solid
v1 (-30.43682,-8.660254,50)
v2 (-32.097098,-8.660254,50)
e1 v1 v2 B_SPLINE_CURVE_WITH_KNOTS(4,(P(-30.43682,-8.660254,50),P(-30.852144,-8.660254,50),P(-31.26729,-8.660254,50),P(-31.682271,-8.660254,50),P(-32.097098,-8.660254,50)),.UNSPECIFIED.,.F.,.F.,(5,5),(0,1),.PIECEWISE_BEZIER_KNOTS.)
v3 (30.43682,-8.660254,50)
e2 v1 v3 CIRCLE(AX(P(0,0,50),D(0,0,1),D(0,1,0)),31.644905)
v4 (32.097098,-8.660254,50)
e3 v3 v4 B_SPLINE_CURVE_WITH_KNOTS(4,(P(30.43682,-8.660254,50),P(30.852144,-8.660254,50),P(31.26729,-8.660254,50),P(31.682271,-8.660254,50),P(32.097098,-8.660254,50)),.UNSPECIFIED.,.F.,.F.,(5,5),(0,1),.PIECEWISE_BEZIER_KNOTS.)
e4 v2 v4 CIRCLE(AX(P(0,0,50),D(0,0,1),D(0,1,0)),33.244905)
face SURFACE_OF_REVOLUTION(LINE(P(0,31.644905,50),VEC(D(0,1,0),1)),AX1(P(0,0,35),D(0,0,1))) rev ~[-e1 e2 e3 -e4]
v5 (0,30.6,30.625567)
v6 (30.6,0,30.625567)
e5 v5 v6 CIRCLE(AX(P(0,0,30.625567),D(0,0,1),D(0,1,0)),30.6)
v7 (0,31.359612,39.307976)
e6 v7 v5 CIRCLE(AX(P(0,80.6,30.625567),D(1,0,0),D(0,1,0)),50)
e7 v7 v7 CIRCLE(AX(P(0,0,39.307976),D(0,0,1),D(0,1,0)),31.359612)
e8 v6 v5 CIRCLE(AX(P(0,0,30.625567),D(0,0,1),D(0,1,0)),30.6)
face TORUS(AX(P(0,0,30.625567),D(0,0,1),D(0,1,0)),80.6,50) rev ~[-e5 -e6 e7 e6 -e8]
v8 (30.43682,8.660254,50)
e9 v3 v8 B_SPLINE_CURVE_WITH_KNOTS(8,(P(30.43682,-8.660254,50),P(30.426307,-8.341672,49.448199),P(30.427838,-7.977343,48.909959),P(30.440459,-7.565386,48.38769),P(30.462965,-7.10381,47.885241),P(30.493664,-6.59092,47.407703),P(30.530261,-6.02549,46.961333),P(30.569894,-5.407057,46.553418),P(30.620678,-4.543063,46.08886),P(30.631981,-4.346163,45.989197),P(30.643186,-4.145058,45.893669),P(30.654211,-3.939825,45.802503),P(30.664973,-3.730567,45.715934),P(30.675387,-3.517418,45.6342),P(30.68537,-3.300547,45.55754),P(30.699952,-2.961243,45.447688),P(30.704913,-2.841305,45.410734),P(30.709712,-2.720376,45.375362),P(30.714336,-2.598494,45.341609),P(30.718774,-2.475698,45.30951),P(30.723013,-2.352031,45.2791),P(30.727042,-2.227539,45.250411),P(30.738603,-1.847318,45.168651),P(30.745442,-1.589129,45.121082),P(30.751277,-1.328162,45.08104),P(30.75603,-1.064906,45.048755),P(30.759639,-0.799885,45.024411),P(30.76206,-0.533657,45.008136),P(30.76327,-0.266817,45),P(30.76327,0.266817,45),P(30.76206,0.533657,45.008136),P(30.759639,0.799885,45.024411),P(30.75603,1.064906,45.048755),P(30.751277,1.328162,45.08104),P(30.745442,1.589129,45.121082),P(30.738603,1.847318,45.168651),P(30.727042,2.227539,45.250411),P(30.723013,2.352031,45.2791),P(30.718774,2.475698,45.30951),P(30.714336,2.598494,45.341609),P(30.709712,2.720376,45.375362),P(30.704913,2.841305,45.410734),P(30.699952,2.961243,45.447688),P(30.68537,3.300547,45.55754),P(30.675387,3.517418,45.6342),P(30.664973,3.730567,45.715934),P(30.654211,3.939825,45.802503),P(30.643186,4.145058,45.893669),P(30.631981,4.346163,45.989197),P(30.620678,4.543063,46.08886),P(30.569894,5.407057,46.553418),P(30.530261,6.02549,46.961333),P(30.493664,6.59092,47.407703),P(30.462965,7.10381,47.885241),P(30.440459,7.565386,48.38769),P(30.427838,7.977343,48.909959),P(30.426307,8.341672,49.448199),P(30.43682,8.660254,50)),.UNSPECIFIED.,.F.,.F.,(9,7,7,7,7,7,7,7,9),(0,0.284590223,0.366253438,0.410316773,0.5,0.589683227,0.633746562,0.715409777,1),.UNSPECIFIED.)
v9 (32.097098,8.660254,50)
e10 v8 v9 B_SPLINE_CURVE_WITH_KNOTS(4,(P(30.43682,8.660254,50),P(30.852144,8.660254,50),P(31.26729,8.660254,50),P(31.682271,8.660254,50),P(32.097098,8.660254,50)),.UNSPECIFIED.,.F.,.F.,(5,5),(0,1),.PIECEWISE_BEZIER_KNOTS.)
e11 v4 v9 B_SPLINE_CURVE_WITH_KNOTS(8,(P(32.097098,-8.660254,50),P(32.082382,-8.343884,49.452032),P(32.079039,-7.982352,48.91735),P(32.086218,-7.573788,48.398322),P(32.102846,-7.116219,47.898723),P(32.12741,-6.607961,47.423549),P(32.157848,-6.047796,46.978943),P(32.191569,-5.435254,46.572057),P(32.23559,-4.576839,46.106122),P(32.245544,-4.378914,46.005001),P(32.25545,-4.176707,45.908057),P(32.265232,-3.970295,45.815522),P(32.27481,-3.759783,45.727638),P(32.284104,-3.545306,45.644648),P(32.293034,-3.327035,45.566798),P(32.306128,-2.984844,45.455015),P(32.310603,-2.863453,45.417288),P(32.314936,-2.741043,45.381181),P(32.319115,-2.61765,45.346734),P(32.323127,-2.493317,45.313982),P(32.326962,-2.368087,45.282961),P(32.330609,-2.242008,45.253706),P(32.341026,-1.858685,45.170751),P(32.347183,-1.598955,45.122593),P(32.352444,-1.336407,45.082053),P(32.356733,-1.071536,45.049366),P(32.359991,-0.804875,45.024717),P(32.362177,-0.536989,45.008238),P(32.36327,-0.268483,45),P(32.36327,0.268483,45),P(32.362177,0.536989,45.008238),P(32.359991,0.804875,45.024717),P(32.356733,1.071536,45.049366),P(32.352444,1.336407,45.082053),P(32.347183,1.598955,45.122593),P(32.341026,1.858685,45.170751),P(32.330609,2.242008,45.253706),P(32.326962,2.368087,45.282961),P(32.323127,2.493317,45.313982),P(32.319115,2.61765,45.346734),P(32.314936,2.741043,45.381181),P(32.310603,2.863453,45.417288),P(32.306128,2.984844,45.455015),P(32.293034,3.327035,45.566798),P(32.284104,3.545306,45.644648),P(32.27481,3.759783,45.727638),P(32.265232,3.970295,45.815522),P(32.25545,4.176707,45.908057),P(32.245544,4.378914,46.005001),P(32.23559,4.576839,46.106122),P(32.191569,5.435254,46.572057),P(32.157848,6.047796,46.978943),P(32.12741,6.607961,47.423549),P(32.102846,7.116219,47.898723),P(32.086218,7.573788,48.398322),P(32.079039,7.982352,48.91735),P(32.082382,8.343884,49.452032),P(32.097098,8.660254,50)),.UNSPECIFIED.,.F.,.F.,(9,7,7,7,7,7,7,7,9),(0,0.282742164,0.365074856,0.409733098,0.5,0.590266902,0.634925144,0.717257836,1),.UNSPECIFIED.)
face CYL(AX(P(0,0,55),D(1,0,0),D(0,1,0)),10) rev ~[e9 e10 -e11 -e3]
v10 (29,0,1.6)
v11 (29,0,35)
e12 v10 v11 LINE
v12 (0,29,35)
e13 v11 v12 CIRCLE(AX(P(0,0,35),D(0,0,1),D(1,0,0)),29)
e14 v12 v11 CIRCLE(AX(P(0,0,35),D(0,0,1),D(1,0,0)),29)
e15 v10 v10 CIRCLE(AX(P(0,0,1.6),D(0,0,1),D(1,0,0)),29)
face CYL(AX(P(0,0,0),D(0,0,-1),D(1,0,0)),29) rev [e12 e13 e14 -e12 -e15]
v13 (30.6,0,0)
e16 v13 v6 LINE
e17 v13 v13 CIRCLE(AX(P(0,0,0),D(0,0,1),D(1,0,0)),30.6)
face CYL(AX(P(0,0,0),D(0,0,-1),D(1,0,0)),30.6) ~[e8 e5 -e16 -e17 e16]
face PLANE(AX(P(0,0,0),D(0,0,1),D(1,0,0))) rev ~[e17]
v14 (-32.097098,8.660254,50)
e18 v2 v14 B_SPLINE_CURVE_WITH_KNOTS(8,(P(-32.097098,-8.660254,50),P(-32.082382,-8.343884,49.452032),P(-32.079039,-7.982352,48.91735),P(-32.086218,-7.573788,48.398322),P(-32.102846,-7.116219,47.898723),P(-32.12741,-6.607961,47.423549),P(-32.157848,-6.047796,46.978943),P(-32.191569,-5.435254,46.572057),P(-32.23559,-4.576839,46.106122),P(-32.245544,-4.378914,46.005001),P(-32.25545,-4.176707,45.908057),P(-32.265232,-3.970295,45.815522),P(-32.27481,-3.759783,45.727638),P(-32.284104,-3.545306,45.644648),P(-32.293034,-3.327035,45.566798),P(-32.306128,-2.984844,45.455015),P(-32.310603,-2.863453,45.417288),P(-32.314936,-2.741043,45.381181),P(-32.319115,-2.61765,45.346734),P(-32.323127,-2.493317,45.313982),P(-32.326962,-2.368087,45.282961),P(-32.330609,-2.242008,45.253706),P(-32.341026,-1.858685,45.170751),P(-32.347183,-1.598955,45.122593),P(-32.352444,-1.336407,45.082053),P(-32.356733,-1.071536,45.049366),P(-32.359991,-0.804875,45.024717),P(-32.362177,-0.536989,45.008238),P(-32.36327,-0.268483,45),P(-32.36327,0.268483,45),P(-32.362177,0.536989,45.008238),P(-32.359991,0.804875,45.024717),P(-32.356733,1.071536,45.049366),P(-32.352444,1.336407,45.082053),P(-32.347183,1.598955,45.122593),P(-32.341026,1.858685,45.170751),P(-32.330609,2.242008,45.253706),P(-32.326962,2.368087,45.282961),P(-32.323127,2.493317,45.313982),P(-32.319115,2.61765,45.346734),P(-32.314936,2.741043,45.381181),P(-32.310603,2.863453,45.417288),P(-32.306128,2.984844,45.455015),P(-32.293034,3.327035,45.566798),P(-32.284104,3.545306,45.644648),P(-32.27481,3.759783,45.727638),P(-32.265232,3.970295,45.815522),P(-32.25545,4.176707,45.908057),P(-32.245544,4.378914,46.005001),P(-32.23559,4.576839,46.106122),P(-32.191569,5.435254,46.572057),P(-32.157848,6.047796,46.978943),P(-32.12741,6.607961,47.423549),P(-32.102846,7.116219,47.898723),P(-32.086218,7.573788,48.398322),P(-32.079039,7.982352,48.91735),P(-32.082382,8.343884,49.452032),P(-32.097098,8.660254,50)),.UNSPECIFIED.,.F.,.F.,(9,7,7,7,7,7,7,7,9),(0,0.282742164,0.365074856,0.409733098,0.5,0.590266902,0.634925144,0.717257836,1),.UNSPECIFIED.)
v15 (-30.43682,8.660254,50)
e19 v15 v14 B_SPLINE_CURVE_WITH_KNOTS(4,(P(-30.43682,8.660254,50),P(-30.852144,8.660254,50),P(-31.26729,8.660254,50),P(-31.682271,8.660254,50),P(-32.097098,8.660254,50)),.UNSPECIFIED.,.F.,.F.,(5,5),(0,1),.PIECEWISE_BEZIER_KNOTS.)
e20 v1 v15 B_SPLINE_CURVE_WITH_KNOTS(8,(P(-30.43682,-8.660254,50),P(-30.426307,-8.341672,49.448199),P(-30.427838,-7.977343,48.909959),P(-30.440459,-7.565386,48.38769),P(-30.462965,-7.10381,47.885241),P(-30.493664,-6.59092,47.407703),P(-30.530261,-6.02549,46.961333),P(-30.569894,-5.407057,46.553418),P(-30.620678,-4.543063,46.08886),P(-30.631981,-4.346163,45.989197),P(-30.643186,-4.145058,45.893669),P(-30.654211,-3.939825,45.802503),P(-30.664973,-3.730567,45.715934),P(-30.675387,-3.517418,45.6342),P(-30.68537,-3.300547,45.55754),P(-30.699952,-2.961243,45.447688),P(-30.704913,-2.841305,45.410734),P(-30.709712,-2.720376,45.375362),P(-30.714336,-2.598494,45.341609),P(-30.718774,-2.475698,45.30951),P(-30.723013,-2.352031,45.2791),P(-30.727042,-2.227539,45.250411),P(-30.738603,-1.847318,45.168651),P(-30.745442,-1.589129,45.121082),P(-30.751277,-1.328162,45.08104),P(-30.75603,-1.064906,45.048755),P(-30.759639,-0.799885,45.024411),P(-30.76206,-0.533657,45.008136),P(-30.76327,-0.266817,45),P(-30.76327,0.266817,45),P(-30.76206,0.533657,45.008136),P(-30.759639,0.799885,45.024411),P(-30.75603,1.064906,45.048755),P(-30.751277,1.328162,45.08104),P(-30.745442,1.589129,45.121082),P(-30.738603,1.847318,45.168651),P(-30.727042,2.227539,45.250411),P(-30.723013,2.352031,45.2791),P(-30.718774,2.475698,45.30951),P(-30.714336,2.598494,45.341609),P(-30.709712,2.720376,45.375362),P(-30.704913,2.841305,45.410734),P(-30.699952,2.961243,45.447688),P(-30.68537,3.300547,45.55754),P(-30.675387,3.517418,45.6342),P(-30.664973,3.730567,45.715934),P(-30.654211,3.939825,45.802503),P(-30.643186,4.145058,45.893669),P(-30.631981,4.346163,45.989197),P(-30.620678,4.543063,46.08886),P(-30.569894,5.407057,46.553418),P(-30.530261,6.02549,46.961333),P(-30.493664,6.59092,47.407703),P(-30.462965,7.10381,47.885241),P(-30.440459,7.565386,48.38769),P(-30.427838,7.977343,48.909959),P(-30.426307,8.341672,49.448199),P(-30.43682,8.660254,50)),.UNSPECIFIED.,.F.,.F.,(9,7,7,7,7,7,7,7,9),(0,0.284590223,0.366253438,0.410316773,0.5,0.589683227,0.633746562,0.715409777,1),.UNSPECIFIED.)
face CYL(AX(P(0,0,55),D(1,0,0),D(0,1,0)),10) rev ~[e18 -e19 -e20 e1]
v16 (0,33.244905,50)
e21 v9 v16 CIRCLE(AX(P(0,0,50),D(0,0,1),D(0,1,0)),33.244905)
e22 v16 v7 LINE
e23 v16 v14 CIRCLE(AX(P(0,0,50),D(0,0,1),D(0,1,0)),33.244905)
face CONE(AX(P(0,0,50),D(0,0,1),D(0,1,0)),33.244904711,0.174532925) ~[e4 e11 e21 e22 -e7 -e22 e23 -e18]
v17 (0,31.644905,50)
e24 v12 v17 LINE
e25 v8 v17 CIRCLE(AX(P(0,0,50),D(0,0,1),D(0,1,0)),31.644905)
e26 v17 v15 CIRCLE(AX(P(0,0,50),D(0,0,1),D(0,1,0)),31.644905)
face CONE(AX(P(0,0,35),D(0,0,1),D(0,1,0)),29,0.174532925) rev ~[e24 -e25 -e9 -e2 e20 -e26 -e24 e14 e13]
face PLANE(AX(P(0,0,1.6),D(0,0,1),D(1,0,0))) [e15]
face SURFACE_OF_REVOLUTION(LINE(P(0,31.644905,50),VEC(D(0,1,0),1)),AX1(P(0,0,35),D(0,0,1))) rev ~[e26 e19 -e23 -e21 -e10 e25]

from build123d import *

# Parameters (mm, degrees)
F0_R     = 29
F1_DEPTH = 1.6
F0_R_2   = 30.6
F2_DEPTH = 35
F5_R     = 10
F6_DEPTH = 40


with BuildPart() as f1:
    # F0 (on Top) → F1 (new body)
    with BuildSketch(Plane.XY):
        Circle(F0_R)
    extrude(amount=F1_DEPTH)

    # F0 (on Top) → F2 (join)
    with BuildSketch(Plane.XY):
        Circle(F0_R_2)
        Circle(F0_R, mode=Mode.SUBTRACT)
    extrude(amount=F2_DEPTH)

    # F4: sweep along a path in F4_path
    with BuildLine(Plane(origin=(30.6, 0, 35), x_dir=(0, 1, 0), z_dir=(0, 0, 1))) as f4_path:
        CenterArc((0, 30.6), 30.6, 0, 360)
    # F3 (on Front) → F4 (sweep)
    with BuildSketch(Plane.XZ):
        with BuildLine():
            Line((-33.2449047106, 50), (-31.3596123494, 39.3079757071))
            ThreePointArc((-31.3596123494, 39.3079757071), (-30.7902650954, 34.9833539611), (-30.6, 30.6255668237))
            Line((-30.6, 30.6255668237), (-30.6, 35))
            Line((-30.6, 35), (-29, 35))
            Line((-29, 35), (-31.6449047106, 50))
            Line((-31.6449047106, 50), (-33.2449047106, 50))
        make_face()
    sweep(path=f4_path.line)

    # F5 (on Right) → F6 (cut, symmetric)
    with BuildSketch(Plane.YZ):
        with Locations((0, 55)):
            Circle(F5_R)
    extrude(amount=F6_DEPTH, both=True, mode=Mode.SUBTRACT)


solid = f1.part
